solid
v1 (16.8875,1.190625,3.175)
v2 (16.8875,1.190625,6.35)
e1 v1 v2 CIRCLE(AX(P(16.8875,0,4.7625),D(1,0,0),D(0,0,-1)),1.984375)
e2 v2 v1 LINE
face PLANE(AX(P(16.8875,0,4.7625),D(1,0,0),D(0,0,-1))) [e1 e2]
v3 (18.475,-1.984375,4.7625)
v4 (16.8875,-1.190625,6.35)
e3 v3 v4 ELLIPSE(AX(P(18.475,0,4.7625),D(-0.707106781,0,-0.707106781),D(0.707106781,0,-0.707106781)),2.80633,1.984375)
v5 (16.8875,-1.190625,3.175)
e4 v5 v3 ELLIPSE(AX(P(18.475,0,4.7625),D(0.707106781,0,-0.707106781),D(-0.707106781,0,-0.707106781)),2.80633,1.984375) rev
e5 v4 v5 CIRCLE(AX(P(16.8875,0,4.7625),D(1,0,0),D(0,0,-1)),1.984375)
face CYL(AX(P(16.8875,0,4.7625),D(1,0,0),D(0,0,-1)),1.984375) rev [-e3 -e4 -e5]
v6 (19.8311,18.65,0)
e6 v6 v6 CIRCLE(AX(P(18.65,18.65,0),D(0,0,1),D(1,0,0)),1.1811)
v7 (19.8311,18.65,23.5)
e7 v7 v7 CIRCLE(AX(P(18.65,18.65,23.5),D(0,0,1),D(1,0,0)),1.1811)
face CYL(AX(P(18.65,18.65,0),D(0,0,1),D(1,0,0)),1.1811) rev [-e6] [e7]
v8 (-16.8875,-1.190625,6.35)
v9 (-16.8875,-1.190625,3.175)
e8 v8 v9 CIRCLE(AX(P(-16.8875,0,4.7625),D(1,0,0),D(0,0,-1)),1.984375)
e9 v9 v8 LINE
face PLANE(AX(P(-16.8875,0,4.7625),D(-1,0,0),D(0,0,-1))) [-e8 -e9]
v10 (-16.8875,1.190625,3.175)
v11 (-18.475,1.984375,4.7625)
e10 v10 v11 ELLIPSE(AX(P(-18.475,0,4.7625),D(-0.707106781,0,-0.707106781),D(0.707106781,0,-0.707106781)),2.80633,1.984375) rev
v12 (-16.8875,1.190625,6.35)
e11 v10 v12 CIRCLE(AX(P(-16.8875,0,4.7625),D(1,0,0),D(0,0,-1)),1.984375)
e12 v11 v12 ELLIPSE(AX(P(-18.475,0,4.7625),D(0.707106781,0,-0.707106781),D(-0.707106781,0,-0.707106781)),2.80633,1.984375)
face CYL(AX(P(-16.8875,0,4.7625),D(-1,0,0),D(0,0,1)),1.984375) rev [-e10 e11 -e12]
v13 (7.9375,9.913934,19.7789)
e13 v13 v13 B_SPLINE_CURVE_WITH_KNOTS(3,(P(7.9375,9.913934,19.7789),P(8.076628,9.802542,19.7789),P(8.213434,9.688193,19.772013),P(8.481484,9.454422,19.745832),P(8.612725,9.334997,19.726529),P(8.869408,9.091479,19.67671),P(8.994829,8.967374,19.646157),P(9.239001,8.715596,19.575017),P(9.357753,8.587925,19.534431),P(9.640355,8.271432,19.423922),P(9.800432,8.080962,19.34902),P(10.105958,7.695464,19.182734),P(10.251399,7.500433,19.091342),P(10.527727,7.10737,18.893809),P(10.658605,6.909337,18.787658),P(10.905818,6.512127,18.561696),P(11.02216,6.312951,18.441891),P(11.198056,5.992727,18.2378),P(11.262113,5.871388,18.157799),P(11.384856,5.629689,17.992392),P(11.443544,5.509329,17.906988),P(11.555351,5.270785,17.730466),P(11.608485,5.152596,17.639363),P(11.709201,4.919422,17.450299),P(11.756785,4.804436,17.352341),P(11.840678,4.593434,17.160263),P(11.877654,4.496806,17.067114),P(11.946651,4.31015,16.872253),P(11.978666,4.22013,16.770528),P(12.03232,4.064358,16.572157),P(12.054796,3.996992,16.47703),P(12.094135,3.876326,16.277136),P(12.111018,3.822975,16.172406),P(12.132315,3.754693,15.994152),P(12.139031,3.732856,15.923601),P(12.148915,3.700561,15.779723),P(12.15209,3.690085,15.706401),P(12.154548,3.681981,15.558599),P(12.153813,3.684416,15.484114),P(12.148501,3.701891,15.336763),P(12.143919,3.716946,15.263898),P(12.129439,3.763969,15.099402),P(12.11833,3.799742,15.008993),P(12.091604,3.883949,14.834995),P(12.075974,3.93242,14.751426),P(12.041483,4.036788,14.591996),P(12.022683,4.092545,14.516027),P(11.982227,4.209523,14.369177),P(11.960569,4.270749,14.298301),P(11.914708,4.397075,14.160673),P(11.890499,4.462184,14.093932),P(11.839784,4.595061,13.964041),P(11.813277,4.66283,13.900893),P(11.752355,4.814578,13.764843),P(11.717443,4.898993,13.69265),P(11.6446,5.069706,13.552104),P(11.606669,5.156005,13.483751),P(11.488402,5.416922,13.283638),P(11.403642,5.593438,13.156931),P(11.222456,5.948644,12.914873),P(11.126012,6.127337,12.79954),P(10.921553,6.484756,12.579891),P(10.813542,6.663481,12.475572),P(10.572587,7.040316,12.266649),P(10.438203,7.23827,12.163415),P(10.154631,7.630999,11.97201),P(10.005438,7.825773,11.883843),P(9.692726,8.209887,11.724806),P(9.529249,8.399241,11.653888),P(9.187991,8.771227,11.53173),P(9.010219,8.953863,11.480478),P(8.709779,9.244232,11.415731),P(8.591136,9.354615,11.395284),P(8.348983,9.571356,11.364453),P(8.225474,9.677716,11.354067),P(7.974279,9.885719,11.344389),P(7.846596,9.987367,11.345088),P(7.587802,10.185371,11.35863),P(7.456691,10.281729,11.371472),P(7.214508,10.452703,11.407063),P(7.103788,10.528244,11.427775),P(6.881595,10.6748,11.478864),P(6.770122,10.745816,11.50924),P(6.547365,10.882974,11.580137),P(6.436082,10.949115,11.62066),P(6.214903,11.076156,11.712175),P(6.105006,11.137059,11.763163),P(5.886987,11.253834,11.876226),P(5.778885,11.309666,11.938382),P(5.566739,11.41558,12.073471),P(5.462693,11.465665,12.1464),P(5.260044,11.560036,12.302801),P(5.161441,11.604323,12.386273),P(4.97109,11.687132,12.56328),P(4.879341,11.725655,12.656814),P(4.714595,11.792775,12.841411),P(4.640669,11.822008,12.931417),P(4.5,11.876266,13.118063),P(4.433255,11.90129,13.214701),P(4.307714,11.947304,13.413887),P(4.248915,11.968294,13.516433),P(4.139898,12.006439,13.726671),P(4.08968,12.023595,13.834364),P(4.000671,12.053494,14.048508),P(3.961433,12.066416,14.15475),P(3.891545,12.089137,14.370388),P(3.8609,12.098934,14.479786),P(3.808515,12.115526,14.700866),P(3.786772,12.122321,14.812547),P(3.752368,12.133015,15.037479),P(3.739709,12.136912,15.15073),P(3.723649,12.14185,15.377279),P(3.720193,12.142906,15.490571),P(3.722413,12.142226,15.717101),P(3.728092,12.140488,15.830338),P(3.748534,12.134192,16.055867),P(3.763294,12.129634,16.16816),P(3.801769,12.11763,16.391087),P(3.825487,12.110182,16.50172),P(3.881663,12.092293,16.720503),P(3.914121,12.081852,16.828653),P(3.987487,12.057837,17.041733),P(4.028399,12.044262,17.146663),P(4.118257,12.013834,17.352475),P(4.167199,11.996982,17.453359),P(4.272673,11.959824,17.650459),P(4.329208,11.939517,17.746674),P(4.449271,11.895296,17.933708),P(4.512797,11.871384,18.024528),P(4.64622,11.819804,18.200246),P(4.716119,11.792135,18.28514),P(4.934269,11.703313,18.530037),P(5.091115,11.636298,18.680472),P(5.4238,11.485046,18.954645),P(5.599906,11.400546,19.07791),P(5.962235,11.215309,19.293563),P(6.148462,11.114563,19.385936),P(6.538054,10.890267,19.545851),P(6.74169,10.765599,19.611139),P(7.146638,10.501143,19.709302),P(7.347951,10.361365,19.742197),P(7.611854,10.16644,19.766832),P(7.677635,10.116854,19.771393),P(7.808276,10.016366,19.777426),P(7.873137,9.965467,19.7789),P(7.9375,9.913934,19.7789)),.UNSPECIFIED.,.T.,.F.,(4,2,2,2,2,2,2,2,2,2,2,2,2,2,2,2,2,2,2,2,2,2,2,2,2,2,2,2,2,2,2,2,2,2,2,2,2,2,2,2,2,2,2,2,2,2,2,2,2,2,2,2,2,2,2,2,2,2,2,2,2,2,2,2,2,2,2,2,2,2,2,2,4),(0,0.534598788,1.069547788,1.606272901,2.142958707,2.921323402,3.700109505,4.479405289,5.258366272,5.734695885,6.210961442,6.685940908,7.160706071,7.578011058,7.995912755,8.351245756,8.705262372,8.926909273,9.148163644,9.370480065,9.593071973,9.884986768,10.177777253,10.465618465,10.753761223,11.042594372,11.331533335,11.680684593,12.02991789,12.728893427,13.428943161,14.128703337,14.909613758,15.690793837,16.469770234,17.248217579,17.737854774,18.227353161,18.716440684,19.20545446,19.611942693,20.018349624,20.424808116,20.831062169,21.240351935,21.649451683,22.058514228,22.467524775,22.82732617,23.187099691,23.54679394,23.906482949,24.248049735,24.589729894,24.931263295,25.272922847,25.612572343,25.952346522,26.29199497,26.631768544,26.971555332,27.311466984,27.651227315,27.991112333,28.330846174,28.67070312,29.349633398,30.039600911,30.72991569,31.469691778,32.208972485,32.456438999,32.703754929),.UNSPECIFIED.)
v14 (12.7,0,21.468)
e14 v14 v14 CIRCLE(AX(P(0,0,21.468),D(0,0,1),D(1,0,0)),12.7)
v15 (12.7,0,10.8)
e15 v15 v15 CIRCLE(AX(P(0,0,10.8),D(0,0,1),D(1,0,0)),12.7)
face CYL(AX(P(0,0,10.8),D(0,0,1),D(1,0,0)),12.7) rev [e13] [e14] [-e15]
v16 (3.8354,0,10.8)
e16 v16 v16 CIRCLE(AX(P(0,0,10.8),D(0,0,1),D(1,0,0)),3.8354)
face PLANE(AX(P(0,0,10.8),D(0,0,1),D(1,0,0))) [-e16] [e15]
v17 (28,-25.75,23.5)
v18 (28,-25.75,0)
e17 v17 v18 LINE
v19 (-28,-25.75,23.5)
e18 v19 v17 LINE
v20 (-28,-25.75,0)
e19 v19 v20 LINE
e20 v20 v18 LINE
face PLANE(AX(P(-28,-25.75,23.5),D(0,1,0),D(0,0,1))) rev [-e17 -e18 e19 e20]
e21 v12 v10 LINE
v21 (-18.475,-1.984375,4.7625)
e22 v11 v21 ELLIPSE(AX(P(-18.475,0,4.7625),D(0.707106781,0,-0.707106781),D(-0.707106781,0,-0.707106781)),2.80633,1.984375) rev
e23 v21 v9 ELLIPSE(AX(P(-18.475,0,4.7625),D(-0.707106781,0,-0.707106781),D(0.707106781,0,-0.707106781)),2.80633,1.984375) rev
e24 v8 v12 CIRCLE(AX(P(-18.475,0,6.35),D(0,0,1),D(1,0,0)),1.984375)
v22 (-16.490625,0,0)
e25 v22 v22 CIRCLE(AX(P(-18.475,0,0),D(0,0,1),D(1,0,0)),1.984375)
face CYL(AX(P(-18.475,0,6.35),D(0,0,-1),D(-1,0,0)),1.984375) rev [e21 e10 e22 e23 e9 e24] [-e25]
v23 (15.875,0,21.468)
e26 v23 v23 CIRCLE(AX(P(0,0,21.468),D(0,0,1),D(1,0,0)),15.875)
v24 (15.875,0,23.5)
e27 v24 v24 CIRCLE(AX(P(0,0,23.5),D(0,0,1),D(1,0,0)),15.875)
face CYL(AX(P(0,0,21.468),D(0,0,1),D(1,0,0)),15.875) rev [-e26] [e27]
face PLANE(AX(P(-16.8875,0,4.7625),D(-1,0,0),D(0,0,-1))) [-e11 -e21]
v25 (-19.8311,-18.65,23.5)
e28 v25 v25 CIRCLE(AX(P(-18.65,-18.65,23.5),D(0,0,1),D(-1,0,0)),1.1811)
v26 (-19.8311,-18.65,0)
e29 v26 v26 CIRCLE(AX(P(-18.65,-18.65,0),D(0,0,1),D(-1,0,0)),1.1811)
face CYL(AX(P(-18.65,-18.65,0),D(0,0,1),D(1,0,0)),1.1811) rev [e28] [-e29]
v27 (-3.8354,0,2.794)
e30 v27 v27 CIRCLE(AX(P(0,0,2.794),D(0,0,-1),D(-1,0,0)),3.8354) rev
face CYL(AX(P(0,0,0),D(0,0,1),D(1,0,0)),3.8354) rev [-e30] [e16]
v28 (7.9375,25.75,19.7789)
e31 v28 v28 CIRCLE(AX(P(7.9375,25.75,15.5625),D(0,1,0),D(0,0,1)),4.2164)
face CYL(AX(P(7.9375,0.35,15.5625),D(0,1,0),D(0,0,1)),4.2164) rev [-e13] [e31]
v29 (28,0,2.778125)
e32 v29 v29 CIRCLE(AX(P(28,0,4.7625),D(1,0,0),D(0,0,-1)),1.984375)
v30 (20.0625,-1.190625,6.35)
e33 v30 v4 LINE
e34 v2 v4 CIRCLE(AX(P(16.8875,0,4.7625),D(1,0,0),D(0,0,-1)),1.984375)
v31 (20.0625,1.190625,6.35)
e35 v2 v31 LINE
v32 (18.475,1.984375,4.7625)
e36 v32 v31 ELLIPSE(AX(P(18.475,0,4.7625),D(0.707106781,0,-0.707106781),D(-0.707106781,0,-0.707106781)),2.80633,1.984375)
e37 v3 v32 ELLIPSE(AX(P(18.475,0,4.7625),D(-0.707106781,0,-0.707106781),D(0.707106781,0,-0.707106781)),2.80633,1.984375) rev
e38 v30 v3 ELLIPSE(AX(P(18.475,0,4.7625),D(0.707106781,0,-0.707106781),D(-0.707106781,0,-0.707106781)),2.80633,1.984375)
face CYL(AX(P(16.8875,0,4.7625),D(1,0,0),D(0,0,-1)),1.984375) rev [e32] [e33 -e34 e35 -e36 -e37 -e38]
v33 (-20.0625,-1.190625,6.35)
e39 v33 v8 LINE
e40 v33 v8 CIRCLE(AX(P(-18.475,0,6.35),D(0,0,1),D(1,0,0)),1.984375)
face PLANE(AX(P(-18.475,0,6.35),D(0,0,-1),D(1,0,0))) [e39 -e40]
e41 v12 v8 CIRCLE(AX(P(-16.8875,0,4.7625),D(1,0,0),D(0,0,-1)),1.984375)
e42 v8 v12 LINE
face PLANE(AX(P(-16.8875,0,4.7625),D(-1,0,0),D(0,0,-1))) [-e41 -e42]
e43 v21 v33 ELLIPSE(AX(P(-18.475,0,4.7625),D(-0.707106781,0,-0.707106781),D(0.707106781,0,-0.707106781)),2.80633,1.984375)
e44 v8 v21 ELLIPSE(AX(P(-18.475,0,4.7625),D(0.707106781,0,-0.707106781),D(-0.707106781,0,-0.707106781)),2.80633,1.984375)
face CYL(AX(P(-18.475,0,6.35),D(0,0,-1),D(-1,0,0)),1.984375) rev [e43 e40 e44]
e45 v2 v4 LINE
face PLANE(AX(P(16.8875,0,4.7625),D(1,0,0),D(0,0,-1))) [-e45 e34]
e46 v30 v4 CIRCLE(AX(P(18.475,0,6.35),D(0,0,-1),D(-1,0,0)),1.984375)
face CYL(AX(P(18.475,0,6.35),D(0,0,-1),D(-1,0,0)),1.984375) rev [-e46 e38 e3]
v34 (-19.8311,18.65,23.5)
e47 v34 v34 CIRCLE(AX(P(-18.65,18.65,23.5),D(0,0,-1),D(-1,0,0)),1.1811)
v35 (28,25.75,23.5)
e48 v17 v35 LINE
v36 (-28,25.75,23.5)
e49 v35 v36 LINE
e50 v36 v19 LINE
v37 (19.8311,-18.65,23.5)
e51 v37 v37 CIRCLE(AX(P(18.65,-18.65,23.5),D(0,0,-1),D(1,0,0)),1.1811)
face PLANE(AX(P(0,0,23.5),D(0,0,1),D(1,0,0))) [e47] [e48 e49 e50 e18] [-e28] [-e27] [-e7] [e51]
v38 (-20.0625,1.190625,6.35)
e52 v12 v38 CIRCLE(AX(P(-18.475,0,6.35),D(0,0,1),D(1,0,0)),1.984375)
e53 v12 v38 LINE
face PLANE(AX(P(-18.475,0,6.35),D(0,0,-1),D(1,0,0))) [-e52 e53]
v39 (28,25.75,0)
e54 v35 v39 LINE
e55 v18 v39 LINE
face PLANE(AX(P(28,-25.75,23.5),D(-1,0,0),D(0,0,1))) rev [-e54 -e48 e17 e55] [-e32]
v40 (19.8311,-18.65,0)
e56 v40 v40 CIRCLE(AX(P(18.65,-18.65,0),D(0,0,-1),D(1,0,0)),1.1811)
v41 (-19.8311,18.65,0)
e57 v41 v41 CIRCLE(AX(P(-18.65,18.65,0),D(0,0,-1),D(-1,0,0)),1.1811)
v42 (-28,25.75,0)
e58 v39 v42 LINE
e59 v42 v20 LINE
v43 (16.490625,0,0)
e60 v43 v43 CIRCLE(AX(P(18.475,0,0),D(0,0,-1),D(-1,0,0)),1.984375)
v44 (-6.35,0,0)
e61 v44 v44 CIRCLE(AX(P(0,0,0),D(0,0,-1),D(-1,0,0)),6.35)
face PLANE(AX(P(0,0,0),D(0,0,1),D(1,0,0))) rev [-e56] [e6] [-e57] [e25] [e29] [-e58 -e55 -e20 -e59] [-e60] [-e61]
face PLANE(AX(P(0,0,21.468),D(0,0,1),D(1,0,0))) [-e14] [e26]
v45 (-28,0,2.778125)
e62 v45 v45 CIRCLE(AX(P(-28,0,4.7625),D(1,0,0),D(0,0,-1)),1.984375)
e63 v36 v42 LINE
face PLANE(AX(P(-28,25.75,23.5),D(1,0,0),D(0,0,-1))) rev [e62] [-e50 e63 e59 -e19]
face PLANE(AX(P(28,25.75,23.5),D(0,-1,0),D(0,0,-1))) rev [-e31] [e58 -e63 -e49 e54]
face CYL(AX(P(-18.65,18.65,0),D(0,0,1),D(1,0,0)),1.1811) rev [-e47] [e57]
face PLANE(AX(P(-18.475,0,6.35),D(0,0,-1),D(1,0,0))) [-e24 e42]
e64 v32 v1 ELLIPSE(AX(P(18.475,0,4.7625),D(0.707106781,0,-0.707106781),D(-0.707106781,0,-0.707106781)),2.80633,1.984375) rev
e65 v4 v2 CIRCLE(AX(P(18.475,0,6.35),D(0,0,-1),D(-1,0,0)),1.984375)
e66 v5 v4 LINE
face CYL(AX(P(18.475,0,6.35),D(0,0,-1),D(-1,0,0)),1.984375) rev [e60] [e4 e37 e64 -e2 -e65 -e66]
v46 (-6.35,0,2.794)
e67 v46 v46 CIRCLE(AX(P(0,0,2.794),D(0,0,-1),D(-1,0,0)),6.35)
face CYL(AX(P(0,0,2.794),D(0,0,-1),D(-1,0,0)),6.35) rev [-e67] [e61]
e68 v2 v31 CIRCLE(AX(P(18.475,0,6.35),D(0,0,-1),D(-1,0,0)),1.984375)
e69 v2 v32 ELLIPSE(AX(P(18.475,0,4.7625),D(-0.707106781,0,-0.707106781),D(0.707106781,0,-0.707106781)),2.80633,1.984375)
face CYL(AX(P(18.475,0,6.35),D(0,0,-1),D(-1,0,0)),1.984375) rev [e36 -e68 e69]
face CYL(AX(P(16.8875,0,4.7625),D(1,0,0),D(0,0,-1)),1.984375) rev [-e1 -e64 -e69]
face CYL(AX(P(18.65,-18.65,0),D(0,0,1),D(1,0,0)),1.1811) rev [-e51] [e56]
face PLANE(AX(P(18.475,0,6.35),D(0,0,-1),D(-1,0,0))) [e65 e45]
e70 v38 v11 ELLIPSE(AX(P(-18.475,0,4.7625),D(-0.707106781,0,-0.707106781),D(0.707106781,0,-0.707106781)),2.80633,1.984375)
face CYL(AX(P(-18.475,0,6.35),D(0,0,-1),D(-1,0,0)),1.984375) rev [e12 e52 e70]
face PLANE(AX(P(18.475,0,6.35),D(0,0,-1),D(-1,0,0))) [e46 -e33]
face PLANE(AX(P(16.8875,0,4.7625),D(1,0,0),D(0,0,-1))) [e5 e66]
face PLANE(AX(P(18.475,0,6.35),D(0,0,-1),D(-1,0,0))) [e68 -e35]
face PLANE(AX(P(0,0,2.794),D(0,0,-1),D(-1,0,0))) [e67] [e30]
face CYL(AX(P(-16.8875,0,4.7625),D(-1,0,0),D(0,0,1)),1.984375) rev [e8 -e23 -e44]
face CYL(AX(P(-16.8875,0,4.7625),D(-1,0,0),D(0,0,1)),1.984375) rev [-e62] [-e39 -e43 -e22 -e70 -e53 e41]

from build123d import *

# Parameters (mm, degrees)
SKETCH1_W               = 56
SKETCH1_H               = 51.5
BOSS_EXTRUDE1_DEPTH     = 23.5
SKETCH2_R               = 15.875
CUT_EXTRUDE1_DEPTH      = 2.032
SKETCH3_R               = 12.7
CUT_EXTRUDE2_DEPTH      = 10.668
SKETCH4_R               = 3.8354
CUT_EXTRUDE3_DEPTH      = 11.8
SKETCH5_R               = 6.35
CUT_EXTRUDE4_DEPTH      = 2.794
SKETCH6_R               = 4.2164
CUT_EXTRUDE5_DEPTH      = 25.4
SKETCH7_R               = 1.984375
CUT_EXTRUDE6_DEPTH      = 6.35
SKETCH8_R               = 1.984375
CUT_EXTRUDE7_DEPTH      = 11.1125
SKETCH9_R               = 1.1811
CUT_EXTRUDE8_DEPTH      = 24.5
MIRROR4_COPY_1_SKETCH_R = 1.1811
MIRROR4_COPY_1_DEPTH    = 24.5


with BuildPart() as part:
    # Sketch1 → Boss-Extrude1 (new body)
    with BuildSketch(Plane.XY):
        Rectangle(SKETCH1_W, SKETCH1_H)
    extrude(amount=BOSS_EXTRUDE1_DEPTH)

    # Sketch2 → Cut-Extrude1 (cut)
    with BuildSketch(Plane.XY.offset(23.5)):
        Circle(SKETCH2_R)
    extrude(amount=-CUT_EXTRUDE1_DEPTH, mode=Mode.SUBTRACT)

    # Sketch3 → Cut-Extrude2 (cut)
    with BuildSketch(Plane.XY.offset(21.468)):
        Circle(SKETCH3_R)
    extrude(amount=-CUT_EXTRUDE2_DEPTH, mode=Mode.SUBTRACT)

    # Sketch4 → Cut-Extrude3 (cut, through all)
    with BuildSketch(Plane.XY.offset(10.8)):
        Circle(SKETCH4_R)
    extrude(amount=-CUT_EXTRUDE3_DEPTH, mode=Mode.SUBTRACT)

    # Sketch5 → Cut-Extrude4 (cut)
    with BuildSketch(Plane(origin=(0, 0, 0), x_dir=(-1, 0, 0), z_dir=(0, 0, -1))):
        Circle(SKETCH5_R)
    extrude(amount=-CUT_EXTRUDE4_DEPTH, mode=Mode.SUBTRACT)

    # Sketch6 → Cut-Extrude5 (cut)
    with BuildSketch(Plane(origin=(0, 25.75, 0), x_dir=(1, 0, 0), z_dir=(0, 1, 0))):
        with Locations((7.9375, -15.5625)):
            Circle(SKETCH6_R)
    extrude(amount=-CUT_EXTRUDE5_DEPTH, mode=Mode.SUBTRACT)

    # Sketch7 → Cut-Extrude6 (cut)
    with BuildSketch(Plane(origin=(0, 0, 0), x_dir=(-1, 0, 0), z_dir=(0, 0, -1))):
        with Locations((-18.475, 0)):
            Circle(SKETCH7_R)
    cut_extrude6 = extrude(amount=-CUT_EXTRUDE6_DEPTH, mode=Mode.SUBTRACT)

    # Mirror1: Cut-Extrude6 across plane
    add(cut_extrude6.mirror(Plane(origin=(0, 0, 0), x_dir=(0, 0, 1), z_dir=(1, 0, 0))), mode=Mode.SUBTRACT)

    # Sketch8 → Cut-Extrude7 (cut)
    with BuildSketch(Plane(origin=(28, 0, 0), x_dir=(0, 0, -1), z_dir=(1, 0, 0))):
        with Locations((-4.7625, 0)):
            Circle(SKETCH8_R)
    cut_extrude7 = extrude(amount=-CUT_EXTRUDE7_DEPTH, mode=Mode.SUBTRACT)

    # Mirror2: Cut-Extrude7 across plane
    add(cut_extrude7.mirror(Plane(origin=(0, 0, 0), x_dir=(0, 0, 1), z_dir=(1, 0, 0))), mode=Mode.SUBTRACT)

    # Sketch9 → Cut-Extrude8 (cut, through all)
    with BuildSketch(Plane.XY.offset(23.5)):
        with Locations((18.65, 18.65)):
            Circle(SKETCH9_R)
    cut_extrude8 = extrude(amount=-CUT_EXTRUDE8_DEPTH, mode=Mode.SUBTRACT)

    # Mirror3: Cut-Extrude8 across plane
    add(cut_extrude8.mirror(Plane.ZX), mode=Mode.SUBTRACT)

    # Mirror4: Cut-Extrude8 across plane
    add(cut_extrude8.mirror(Plane(origin=(0, 0, 0), x_dir=(0, 0, 1), z_dir=(1, 0, 0))), mode=Mode.SUBTRACT)

    # Mirror4 copy 1 sketch → Mirror4 copy 1 (cut, through all)
    with BuildSketch(Plane(origin=(0, 0, 23.5), x_dir=(-1, 0, 0), z_dir=(0, 0, 1))):
        with Locations((18.65, 18.65)):
            Circle(MIRROR4_COPY_1_SKETCH_R)
    extrude(amount=-MIRROR4_COPY_1_DEPTH, mode=Mode.SUBTRACT)


solid = part.part
